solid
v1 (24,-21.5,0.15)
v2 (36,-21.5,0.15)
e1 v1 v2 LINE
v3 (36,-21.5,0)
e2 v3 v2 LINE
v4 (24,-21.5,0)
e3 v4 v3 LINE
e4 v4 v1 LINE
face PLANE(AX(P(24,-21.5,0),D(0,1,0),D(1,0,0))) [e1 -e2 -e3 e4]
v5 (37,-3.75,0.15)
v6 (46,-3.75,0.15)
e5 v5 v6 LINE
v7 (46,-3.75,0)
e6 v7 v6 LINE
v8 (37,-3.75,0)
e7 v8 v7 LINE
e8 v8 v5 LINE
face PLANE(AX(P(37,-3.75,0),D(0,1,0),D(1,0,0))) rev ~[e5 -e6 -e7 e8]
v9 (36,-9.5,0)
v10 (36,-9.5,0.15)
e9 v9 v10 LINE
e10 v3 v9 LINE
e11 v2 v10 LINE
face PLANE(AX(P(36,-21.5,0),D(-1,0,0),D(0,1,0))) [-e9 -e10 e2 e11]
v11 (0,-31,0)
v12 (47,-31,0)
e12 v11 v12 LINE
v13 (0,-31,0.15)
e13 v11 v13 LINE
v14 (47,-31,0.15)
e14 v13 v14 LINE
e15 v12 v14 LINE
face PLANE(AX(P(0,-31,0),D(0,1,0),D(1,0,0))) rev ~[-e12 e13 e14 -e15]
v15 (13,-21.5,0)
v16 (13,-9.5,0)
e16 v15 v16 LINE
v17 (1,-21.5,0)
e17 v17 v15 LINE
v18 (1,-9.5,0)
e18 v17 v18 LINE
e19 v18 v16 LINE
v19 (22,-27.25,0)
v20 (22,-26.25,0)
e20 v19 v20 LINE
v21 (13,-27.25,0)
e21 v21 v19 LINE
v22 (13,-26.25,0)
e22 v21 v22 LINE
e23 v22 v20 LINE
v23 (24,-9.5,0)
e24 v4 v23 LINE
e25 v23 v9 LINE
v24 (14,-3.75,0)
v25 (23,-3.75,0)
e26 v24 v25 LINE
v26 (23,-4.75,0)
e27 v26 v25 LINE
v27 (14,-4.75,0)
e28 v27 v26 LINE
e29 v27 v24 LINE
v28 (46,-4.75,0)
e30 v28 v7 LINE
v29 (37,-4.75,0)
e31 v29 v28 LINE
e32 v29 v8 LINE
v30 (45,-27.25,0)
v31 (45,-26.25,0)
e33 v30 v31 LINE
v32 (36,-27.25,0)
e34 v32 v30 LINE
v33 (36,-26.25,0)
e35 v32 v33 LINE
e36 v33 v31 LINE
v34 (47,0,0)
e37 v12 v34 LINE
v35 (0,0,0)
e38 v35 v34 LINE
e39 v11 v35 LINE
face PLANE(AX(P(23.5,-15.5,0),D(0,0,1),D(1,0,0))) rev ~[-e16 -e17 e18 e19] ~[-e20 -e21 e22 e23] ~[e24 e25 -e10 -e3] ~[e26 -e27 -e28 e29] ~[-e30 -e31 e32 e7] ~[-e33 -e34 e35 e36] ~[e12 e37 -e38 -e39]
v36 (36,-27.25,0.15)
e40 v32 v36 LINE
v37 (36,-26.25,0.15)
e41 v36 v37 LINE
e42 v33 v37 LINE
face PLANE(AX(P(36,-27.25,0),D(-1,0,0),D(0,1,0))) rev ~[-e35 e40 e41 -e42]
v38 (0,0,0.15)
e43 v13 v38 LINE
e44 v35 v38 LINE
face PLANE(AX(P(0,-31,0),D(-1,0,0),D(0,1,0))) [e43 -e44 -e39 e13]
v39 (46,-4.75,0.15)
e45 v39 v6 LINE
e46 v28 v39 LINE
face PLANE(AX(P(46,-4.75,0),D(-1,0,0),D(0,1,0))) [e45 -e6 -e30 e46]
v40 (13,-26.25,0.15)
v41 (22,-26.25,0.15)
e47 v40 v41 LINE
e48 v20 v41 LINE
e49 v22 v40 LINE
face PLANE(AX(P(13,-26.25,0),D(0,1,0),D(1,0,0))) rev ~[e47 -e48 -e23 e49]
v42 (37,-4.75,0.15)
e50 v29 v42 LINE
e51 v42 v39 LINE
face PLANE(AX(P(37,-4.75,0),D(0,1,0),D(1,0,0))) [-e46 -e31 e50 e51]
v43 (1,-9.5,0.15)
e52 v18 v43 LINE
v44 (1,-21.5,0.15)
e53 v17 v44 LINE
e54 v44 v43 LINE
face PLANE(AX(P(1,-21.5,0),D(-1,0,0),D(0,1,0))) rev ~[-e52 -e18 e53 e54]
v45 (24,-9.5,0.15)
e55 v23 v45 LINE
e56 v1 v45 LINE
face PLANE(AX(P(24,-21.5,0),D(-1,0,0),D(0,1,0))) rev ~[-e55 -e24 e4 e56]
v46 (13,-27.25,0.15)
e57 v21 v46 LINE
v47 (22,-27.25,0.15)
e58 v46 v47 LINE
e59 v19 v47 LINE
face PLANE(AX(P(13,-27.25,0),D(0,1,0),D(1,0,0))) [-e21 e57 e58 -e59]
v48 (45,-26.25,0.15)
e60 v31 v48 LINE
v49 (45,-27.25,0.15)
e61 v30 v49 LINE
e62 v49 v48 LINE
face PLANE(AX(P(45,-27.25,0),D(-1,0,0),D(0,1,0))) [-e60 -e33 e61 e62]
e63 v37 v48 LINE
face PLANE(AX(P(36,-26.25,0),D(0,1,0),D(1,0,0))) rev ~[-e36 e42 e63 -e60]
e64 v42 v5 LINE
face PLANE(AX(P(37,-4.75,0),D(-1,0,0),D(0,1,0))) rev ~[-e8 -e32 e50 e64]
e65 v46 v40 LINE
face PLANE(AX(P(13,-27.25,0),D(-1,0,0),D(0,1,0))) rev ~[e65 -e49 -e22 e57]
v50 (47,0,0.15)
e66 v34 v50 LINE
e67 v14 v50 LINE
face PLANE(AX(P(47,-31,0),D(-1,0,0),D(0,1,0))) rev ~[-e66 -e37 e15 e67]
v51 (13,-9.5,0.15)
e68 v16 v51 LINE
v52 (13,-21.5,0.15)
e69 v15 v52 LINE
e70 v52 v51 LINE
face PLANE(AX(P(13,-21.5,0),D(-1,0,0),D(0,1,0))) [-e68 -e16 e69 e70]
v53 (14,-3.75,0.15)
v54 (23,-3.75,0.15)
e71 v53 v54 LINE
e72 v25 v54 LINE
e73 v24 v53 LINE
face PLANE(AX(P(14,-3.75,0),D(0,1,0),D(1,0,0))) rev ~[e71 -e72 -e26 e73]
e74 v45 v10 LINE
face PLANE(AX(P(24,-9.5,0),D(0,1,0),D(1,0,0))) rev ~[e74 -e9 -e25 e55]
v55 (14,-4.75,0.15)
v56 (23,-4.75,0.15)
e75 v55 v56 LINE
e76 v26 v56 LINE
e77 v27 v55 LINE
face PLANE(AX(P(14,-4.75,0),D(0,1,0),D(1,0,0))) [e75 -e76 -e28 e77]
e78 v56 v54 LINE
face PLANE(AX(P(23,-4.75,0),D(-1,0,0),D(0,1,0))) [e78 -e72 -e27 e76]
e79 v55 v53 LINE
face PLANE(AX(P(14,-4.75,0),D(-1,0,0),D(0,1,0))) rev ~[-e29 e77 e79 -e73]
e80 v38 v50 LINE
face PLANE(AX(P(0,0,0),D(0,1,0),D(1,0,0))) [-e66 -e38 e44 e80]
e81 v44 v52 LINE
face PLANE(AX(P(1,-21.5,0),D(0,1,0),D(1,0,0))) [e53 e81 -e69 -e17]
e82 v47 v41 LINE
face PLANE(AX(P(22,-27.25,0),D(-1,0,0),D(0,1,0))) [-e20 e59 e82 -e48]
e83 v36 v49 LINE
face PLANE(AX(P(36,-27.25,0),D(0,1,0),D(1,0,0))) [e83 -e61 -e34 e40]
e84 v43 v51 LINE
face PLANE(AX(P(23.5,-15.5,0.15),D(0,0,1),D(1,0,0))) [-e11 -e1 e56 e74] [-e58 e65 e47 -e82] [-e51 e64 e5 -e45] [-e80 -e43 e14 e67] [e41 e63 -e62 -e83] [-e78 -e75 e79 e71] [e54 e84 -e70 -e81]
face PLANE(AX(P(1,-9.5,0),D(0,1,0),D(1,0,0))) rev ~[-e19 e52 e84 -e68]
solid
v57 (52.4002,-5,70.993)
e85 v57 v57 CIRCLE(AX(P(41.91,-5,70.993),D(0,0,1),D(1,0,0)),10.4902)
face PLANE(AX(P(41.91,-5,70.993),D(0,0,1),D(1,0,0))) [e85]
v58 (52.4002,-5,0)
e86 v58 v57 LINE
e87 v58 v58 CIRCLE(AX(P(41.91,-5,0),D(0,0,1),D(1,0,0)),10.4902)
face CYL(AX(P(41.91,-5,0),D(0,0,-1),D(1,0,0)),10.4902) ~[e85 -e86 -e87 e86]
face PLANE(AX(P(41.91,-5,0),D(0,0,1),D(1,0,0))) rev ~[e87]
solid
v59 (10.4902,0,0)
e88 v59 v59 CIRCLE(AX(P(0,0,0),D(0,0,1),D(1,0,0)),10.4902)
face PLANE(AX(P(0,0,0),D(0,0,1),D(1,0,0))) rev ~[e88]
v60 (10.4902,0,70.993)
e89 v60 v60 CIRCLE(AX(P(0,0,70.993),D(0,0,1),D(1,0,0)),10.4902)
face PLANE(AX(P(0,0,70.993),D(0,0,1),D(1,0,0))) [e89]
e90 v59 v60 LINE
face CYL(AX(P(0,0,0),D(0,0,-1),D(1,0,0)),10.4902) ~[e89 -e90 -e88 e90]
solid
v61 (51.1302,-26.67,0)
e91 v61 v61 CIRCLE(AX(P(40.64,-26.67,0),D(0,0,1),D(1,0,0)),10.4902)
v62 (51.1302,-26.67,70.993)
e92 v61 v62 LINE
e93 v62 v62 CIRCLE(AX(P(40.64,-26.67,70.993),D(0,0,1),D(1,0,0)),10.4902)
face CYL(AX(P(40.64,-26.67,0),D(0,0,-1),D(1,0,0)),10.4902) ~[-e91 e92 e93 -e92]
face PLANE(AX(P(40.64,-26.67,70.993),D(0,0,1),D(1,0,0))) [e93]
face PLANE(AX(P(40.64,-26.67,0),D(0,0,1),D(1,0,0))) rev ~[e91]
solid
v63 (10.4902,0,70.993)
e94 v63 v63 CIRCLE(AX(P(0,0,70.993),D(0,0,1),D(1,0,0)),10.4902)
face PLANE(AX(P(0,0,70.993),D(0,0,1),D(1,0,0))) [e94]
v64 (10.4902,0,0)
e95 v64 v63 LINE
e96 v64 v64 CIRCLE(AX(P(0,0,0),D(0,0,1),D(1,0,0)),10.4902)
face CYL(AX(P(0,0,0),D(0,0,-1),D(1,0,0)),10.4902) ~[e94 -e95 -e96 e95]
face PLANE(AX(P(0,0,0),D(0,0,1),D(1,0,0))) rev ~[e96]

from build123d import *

# Parameters (mm, degrees)
CYLINDER_R        = 10.4902
CYLINDER_DEPTH    = 70.993
SKETCH_W          = 47
SKETCH_H          = 31
SKETCH_W_2        = 12
SKETCH_H_2        = 12
SKETCH_W_3        = 9
SKETCH_H_3        = 1
PAD_DEPTH         = 0.15
CYLINDER001_R     = 10.4902
CYLINDER001_DEPTH = 70.993
CYLINDER002_R     = 10.4902
CYLINDER002_DEPTH = 70.993
CYLINDER003_R     = 10.4902
CYLINDER003_DEPTH = 70.993


with BuildPart() as cylinder:
    # Cylinder → Cylinder (new body)
    with BuildSketch(Plane.XY):
        Circle(CYLINDER_R)
    extrude(amount=CYLINDER_DEPTH)


with BuildPart() as body:
    # Sketch → Pad (new body)
    with BuildSketch(Plane.XY):
        with Locations((23.5, -15.5)):
            Rectangle(SKETCH_W, SKETCH_H)
        with Locations((7, -15.5)):
            Rectangle(SKETCH_W_2, SKETCH_H_2, mode=Mode.SUBTRACT)
        with Locations((18.5, -4.25)):
            Rectangle(SKETCH_W_3, SKETCH_H_3, mode=Mode.SUBTRACT)
        with Locations((17.5, -26.75)):
            Rectangle(SKETCH_W_3, SKETCH_H_3, mode=Mode.SUBTRACT)
        with Locations((30, -15.5)):
            Rectangle(SKETCH_W_2, SKETCH_H_2, mode=Mode.SUBTRACT)
        with Locations((41.5, -4.25)):
            Rectangle(SKETCH_W_3, SKETCH_H_3, mode=Mode.SUBTRACT)
        with Locations((40.5, -26.75)):
            Rectangle(SKETCH_W_3, SKETCH_H_3, mode=Mode.SUBTRACT)
    extrude(amount=PAD_DEPTH)


with BuildPart() as cylinder001:
    # Cylinder001 → Cylinder001 (new body)
    with BuildSketch(Plane(origin=(41.91, -5, 0), x_dir=(1, 0, 0), z_dir=(0, 0, 1))):
        Circle(CYLINDER001_R)
    extrude(amount=CYLINDER001_DEPTH)


with BuildPart() as cylinder002:
    # Cylinder002 → Cylinder002 (new body)
    with BuildSketch(Plane(origin=(40.64, -26.67, 0), x_dir=(1, 0, 0), z_dir=(0, 0, 1))):
        Circle(CYLINDER002_R)
    extrude(amount=CYLINDER002_DEPTH)


with BuildPart() as cylinder003:
    # Cylinder003 → Cylinder003 (new body)
    with BuildSketch(Plane.XY):
        Circle(CYLINDER003_R)
    extrude(amount=CYLINDER003_DEPTH)


solid = Compound([cylinder.part, body.part, cylinder001.part, cylinder002.part, cylinder003.part])
